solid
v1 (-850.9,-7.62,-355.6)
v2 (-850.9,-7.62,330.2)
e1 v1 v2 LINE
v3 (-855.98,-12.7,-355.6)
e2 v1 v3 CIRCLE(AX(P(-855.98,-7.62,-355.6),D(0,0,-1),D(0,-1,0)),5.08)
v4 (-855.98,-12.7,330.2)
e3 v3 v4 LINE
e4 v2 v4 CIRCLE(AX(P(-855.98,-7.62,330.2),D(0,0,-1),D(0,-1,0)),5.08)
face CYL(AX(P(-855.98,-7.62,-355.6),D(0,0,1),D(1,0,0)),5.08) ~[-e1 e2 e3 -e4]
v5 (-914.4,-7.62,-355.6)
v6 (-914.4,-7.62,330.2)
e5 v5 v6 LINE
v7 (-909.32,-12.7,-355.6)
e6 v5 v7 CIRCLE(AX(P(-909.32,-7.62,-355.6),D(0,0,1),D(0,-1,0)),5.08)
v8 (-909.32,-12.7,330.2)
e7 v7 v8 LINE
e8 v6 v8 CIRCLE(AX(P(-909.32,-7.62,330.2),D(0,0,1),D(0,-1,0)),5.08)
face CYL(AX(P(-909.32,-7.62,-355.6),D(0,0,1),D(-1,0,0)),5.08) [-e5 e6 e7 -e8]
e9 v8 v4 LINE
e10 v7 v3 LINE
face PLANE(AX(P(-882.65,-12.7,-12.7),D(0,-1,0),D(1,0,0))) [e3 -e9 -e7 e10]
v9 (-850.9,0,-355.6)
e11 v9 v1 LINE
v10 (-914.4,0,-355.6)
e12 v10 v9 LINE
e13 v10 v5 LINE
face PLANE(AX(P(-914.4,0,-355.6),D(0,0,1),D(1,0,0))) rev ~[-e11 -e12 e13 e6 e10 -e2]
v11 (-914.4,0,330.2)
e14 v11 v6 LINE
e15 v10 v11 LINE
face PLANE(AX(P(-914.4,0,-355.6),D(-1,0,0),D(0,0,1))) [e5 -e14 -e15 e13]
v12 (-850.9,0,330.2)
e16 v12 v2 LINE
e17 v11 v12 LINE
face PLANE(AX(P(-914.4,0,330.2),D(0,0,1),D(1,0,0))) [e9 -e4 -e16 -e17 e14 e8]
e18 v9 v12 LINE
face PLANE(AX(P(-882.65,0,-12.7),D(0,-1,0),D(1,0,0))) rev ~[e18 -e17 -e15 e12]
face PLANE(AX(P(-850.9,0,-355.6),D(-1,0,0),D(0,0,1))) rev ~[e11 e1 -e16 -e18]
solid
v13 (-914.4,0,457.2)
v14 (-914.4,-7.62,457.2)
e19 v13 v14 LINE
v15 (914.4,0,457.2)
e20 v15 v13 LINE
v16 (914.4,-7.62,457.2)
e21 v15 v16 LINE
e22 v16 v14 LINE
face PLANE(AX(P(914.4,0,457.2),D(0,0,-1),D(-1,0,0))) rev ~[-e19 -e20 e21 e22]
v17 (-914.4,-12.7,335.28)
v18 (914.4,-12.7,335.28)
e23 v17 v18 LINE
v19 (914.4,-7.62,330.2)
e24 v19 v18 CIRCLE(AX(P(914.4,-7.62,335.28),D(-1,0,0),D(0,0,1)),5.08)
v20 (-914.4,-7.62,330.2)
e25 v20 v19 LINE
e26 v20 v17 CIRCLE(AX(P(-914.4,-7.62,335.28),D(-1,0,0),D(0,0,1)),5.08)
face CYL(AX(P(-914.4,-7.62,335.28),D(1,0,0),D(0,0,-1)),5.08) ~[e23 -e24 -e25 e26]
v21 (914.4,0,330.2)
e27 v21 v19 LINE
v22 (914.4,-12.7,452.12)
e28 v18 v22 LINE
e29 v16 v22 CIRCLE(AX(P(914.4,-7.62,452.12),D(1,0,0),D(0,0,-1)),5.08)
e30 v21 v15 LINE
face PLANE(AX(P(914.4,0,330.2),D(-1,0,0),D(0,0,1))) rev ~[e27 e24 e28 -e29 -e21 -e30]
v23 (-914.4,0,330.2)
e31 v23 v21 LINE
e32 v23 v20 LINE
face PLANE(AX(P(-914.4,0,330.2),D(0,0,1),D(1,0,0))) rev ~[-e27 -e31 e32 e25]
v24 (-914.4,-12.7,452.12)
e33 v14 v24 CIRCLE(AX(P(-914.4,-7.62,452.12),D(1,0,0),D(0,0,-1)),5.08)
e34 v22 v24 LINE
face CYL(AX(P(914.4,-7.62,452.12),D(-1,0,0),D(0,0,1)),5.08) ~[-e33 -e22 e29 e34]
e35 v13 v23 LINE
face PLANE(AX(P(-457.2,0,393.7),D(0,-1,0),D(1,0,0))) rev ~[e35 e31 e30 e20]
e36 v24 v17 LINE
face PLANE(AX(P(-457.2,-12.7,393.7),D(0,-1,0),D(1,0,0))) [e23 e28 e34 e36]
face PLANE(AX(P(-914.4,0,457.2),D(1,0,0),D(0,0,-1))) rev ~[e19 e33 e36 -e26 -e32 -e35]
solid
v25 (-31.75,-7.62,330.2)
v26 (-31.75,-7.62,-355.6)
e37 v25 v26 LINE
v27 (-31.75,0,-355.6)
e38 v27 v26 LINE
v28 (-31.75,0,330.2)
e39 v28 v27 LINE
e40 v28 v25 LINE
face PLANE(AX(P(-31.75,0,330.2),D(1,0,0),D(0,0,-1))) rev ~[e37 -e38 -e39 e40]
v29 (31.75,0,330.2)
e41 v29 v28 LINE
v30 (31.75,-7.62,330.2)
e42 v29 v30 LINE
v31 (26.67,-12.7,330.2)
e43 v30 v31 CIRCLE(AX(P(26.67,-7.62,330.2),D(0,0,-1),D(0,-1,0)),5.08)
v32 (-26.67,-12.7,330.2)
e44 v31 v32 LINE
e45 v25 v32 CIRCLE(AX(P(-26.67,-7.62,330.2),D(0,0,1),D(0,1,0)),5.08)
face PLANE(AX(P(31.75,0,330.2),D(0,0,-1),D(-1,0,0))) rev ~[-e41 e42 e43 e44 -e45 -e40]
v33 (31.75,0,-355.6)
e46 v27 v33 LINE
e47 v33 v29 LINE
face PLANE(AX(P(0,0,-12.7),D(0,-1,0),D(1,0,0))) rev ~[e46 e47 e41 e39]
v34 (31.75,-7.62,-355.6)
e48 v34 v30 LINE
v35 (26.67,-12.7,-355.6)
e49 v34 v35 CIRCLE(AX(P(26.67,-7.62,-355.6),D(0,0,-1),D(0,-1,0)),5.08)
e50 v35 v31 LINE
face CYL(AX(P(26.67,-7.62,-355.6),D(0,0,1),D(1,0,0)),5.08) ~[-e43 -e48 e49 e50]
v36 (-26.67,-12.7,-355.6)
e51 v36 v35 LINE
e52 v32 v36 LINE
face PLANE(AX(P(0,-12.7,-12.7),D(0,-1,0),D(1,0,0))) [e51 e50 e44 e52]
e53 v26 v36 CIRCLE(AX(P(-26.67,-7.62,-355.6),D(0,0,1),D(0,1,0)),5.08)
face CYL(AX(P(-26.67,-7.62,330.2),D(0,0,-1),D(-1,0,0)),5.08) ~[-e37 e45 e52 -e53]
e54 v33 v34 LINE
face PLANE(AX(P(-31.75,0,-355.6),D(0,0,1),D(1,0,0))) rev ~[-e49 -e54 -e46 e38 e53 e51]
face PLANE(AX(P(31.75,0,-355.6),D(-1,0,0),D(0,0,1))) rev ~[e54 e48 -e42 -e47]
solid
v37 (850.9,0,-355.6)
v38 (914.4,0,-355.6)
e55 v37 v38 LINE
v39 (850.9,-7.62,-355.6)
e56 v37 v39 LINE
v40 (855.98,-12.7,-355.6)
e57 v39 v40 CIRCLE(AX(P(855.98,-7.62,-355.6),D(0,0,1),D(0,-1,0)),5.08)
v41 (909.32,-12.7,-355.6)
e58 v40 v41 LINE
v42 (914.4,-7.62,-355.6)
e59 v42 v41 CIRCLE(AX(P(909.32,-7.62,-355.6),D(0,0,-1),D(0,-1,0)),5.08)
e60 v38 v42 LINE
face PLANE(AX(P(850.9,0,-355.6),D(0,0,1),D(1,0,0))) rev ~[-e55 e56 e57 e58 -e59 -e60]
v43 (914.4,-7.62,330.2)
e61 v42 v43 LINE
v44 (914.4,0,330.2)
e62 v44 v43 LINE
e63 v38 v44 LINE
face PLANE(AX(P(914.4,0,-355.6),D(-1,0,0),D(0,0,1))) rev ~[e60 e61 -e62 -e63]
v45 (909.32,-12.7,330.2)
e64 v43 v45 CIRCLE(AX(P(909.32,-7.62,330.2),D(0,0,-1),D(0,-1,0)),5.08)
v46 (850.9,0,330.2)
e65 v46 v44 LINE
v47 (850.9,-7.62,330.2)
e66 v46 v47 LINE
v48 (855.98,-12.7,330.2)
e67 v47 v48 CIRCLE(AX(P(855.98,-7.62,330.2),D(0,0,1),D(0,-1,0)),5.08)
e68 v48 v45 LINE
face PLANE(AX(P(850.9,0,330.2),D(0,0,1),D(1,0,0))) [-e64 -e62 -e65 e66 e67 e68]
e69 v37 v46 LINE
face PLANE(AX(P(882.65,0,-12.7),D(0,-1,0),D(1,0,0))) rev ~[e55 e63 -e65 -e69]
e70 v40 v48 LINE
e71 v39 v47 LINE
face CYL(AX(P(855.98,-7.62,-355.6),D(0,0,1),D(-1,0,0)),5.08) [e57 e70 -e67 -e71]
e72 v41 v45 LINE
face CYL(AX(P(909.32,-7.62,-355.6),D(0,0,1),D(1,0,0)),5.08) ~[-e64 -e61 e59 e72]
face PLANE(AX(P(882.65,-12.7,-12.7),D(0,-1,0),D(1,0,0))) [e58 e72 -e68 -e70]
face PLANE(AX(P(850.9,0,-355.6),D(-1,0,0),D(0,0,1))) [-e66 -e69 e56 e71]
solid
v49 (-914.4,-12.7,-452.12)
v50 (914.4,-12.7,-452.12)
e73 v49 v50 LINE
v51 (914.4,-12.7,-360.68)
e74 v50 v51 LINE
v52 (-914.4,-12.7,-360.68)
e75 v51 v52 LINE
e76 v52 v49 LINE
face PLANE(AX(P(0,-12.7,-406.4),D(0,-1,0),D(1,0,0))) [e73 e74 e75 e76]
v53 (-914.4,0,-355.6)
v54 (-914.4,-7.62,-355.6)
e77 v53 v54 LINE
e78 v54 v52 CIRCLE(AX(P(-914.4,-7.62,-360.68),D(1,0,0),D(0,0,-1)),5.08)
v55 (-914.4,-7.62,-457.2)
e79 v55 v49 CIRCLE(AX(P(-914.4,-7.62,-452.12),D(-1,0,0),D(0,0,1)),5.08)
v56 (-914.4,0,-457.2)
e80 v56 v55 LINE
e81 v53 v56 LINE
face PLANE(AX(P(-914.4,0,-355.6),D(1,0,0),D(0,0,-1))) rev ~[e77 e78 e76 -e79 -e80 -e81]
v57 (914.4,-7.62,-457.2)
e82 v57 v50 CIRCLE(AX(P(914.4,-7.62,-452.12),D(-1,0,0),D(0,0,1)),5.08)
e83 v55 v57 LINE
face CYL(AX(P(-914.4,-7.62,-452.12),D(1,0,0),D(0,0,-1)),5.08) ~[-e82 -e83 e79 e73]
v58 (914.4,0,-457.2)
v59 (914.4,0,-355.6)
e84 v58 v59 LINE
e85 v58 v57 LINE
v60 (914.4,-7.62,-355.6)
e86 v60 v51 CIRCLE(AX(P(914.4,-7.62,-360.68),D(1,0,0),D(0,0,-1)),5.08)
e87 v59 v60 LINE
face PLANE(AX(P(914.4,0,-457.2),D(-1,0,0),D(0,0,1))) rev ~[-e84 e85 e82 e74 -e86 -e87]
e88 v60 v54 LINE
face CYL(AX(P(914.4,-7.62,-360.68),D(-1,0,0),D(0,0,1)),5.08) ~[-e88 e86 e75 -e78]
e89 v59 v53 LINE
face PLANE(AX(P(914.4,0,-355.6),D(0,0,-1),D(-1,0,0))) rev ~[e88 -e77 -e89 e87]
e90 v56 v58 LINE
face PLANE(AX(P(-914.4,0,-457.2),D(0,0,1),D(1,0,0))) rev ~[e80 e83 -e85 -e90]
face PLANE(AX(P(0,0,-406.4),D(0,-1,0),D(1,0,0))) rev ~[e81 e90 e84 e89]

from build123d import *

# Parameters (mm, degrees)
F1_DEPTH = 12.7
F0_W     = 63.5
F0_H     = 685.8
F2_DEPTH = 12.7
F3_R     = 5.08
F3_2_R   = 5.08


with BuildPart() as f1:
    # F0 (on Front) → F1 (new body)
    with BuildSketch(Plane.XZ):
        Polygon((-914.4, 457.2), (-914.4, 330.2), (-850.9, 330.2), (-31.75, 330.2), (0, 330.2), (0, 457.2), align=None)
        Polygon((850.9, 330.2), (914.4, 330.2), (914.4, 457.2), (0, 457.2), (0, 330.2), (31.75, 330.2), align=None)
        Polygon((-914.4, -457.2), (914.4, -457.2), (914.4, -355.6), (850.9, -355.6), (31.75, -355.6), (-31.75, -355.6), (-850.9, -355.6), (-914.4, -355.6), align=None)
    extrude(amount=F1_DEPTH)

    # F3
    f3_edges = [f1.edges().sort_by_distance(p)[0] for p in [
        (0, -12.7, 457.2),
        (0, -12.7, 330.2),
        (0, -12.7, -355.6),
        (0, -12.7, -457.2),
    ]]
    fillet(f3_edges, radius=F3_R)


with BuildPart() as f2:
    # F0 (on Front) → F2 (new body)
    with BuildSketch(Plane.XZ):
        with Locations((-882.65, -12.7)):
            Rectangle(F0_W, F0_H)
        Polygon((-31.75, -355.6), (31.75, -355.6), (31.75, 330.2), (0, 330.2), (-31.75, 330.2), align=None)
        with Locations((882.65, -12.7)):
            Rectangle(F0_W, F0_H)
    extrude(amount=F2_DEPTH)

    # F3#2
    f3_2_edges = [f2.edges().sort_by_distance(p)[0] for p in [
        (914.4, -12.7, -12.7),
        (850.9, -12.7, -12.7),
        (-850.9, -12.7, -12.7),
        (-914.4, -12.7, -12.7),
        (-31.75, -12.7, -12.7),
        (31.75, -12.7, -12.7),
    ]]
    fillet(f3_2_edges, radius=F3_2_R)


solid = Compound([f1.part, f2.part])
